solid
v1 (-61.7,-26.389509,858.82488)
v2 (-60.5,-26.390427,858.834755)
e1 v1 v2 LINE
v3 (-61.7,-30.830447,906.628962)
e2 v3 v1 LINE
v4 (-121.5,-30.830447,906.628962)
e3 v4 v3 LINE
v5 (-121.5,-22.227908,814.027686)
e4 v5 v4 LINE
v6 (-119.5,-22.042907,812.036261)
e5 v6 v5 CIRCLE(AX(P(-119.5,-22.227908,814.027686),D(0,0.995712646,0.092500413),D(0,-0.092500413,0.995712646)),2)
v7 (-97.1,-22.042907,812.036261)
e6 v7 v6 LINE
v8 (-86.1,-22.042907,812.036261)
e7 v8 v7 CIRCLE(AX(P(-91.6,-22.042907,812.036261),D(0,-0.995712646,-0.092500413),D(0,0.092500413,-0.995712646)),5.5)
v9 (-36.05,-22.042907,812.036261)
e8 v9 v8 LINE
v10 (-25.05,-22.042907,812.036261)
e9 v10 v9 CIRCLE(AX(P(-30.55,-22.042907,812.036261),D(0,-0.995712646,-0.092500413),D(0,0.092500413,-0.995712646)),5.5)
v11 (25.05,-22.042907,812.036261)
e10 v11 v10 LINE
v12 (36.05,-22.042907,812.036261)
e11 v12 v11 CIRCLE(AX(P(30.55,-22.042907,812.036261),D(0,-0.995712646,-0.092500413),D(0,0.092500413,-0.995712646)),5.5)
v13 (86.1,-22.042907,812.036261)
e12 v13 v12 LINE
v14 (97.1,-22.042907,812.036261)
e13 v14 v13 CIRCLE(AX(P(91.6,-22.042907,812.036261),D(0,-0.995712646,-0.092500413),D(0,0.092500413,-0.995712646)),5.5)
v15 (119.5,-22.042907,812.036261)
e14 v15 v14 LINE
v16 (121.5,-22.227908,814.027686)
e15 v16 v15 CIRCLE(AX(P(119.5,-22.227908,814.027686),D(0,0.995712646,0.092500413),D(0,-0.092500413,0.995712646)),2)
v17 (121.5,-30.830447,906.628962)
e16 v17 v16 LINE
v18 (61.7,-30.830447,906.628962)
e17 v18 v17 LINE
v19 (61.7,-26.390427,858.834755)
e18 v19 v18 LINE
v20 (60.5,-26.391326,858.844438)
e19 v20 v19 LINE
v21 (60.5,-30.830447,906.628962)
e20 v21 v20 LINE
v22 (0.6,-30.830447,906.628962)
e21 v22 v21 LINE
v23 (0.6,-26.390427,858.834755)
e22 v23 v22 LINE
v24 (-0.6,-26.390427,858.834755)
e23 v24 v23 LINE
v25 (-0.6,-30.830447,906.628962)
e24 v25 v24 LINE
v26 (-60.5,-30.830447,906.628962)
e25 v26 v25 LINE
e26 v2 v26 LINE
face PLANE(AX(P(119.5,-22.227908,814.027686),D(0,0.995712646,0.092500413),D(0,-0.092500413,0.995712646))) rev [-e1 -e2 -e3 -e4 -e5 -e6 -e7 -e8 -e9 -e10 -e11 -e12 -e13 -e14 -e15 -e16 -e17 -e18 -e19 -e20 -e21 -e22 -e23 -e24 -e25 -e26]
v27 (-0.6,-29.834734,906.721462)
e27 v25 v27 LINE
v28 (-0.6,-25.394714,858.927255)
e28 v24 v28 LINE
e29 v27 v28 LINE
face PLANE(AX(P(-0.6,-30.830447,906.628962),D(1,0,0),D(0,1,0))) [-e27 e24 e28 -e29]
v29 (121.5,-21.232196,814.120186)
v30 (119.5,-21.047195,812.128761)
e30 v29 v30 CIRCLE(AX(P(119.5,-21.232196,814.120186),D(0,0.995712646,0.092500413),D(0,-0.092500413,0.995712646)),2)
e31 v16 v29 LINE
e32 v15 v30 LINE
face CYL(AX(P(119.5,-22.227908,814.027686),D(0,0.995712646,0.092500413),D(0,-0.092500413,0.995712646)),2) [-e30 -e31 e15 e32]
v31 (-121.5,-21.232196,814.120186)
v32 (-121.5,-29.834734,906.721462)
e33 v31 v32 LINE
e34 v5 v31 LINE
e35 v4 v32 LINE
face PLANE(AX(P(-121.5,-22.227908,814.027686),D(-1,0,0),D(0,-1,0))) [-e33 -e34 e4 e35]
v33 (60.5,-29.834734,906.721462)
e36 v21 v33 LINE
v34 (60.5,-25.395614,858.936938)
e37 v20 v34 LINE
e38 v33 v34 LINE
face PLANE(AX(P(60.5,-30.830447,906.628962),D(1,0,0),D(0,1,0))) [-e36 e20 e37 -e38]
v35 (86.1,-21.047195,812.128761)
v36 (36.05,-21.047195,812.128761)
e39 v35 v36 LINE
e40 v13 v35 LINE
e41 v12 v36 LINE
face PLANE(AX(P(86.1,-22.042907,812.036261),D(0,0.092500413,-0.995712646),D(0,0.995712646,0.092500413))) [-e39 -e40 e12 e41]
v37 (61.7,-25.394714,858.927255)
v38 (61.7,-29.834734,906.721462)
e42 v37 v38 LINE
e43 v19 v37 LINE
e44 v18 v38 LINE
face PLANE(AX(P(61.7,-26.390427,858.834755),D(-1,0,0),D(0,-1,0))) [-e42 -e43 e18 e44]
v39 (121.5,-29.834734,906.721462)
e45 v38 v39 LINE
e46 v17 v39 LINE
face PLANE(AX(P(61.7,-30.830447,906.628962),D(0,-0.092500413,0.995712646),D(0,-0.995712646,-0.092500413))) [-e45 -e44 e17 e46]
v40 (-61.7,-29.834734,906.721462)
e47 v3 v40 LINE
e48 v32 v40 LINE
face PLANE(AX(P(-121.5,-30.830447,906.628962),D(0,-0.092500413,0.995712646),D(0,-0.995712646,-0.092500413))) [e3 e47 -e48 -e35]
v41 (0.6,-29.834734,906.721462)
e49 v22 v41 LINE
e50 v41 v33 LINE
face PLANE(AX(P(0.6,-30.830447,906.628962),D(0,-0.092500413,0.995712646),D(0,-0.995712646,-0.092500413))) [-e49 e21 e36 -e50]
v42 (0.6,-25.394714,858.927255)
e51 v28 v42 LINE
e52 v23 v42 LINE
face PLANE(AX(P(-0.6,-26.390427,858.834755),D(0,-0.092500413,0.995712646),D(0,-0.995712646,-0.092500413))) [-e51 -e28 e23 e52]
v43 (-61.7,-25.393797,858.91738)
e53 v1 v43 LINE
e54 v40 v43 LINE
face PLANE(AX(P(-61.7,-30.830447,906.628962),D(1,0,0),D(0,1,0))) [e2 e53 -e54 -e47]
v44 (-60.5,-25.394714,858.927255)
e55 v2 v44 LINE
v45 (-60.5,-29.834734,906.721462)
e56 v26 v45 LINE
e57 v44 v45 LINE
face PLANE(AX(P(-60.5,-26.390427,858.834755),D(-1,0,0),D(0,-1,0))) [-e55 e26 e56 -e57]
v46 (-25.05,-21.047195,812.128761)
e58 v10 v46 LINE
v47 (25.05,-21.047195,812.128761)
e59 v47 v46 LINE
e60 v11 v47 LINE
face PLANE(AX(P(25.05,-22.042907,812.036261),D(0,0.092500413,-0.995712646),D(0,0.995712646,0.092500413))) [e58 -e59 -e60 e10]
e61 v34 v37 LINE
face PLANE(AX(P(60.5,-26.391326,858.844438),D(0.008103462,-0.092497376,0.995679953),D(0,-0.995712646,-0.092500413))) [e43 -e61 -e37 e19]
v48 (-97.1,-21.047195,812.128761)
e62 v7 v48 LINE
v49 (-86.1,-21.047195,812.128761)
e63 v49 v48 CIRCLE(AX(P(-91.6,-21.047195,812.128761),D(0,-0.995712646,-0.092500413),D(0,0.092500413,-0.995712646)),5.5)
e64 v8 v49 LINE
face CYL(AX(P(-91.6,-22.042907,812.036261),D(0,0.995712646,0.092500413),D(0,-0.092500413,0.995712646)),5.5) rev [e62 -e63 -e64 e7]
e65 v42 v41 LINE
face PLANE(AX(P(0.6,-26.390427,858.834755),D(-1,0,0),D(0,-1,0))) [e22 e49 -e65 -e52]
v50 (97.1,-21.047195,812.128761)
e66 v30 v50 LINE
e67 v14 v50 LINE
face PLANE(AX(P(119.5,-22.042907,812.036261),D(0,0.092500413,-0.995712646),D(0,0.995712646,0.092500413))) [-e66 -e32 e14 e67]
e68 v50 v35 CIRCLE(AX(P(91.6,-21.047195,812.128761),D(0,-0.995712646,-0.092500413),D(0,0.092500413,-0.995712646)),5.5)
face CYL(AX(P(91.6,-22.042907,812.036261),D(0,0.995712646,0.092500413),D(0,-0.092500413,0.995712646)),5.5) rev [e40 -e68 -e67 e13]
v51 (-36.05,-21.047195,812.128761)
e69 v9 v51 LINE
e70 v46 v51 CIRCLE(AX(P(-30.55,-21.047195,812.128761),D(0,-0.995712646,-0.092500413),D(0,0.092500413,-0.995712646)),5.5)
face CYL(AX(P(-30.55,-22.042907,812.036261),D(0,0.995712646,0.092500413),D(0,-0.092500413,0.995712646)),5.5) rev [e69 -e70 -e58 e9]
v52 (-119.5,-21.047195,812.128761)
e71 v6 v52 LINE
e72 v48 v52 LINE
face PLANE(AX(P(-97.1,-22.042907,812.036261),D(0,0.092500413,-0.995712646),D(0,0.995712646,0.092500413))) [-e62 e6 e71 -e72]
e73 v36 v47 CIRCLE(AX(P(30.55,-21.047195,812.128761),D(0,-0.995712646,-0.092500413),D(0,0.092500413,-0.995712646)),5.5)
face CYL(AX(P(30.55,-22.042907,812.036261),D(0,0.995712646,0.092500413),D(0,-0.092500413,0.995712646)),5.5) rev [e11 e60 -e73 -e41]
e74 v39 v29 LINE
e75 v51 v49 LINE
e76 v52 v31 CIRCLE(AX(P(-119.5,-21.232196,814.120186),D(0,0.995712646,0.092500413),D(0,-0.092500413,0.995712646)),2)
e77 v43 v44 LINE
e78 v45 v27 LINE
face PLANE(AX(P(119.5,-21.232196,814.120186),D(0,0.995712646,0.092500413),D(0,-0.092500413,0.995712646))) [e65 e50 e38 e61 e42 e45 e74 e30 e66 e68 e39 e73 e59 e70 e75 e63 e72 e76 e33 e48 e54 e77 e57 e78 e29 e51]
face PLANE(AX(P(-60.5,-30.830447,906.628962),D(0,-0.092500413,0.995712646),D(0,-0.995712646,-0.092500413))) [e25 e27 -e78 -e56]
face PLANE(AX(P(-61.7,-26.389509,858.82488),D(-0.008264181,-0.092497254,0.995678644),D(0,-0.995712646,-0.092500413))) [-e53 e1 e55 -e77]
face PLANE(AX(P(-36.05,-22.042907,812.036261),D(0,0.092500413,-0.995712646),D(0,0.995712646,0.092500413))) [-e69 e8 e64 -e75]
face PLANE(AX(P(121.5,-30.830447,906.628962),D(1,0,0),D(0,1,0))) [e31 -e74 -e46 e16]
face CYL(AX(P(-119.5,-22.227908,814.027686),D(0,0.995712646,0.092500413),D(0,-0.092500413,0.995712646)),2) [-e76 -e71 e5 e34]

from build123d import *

# Parameters (mm, degrees)
EXTRUDE_1_DEPTH = 1


with BuildPart() as part:
    # 草图1 → 凸台-拉伸1 (new body)
    with BuildSketch(Plane(origin=(0, 53.933062278, 5.010311528), x_dir=(-1, 0, 0), z_dir=(5.133494296529154e-15, 0.9957126460708378, 0.09250041326724258))):
        with BuildLine():
            Line((-121.5, 905.593751703), (-121.5, 812.593751703))
            ThreePointArc((-121.5, 812.593751703), (-120.914213563, 811.179538141), (-119.5, 810.593751703))
            Line((-119.5, 810.593751703), (-97.1, 810.593751703))
            ThreePointArc((-97.1, 810.593751703), (-91.6, 816.093751703), (-86.1, 810.593751703))
            Line((-86.1, 810.593751703), (-36.05, 810.593751703))
            ThreePointArc((-36.05, 810.593751703), (-30.55, 816.093751703), (-25.05, 810.593751703))
            Line((-25.05, 810.593751703), (25.05, 810.593751703))
            ThreePointArc((25.05, 810.593751703), (30.55, 816.093751703), (36.05, 810.593751703))
            Line((36.05, 810.593751703), (86.1, 810.593751703))
            ThreePointArc((86.1, 810.593751703), (91.6, 816.093751703), (97.1, 810.593751703))
            Line((97.1, 810.593751703), (119.5, 810.593751703))
            ThreePointArc((119.5, 810.593751703), (120.914213562, 811.179538141), (121.5, 812.593751703))
            Line((121.5, 812.593751703), (121.5, 905.593751703))
            Line((121.5, 905.593751703), (61.7, 905.593751703))
            Line((61.7, 905.593751703), (61.7, 857.583834348))
            Line((61.7, 857.583834348), (60.5, 857.593751703))
            Line((60.5, 857.593751703), (60.5, 905.593751703))
            Line((60.5, 905.593751703), (0.6, 905.593751703))
            Line((0.6, 905.593751703), (0.6, 857.593751703))
            Line((0.6, 857.593751703), (-0.6, 857.593751703))
            Line((-0.6, 857.593751703), (-0.6, 905.593751703))
            Line((-0.6, 905.593751703), (-60.5, 905.593751703))
            Line((-60.5, 905.593751703), (-60.5, 857.603476177))
            Line((-60.5, 857.603476177), (-61.7, 857.593751703))
            Line((-61.7, 857.593751703), (-61.7, 905.593751703))
            Line((-61.7, 905.593751703), (-121.5, 905.593751703))
        make_face()
    extrude(amount=-EXTRUDE_1_DEPTH)


solid = part.part
